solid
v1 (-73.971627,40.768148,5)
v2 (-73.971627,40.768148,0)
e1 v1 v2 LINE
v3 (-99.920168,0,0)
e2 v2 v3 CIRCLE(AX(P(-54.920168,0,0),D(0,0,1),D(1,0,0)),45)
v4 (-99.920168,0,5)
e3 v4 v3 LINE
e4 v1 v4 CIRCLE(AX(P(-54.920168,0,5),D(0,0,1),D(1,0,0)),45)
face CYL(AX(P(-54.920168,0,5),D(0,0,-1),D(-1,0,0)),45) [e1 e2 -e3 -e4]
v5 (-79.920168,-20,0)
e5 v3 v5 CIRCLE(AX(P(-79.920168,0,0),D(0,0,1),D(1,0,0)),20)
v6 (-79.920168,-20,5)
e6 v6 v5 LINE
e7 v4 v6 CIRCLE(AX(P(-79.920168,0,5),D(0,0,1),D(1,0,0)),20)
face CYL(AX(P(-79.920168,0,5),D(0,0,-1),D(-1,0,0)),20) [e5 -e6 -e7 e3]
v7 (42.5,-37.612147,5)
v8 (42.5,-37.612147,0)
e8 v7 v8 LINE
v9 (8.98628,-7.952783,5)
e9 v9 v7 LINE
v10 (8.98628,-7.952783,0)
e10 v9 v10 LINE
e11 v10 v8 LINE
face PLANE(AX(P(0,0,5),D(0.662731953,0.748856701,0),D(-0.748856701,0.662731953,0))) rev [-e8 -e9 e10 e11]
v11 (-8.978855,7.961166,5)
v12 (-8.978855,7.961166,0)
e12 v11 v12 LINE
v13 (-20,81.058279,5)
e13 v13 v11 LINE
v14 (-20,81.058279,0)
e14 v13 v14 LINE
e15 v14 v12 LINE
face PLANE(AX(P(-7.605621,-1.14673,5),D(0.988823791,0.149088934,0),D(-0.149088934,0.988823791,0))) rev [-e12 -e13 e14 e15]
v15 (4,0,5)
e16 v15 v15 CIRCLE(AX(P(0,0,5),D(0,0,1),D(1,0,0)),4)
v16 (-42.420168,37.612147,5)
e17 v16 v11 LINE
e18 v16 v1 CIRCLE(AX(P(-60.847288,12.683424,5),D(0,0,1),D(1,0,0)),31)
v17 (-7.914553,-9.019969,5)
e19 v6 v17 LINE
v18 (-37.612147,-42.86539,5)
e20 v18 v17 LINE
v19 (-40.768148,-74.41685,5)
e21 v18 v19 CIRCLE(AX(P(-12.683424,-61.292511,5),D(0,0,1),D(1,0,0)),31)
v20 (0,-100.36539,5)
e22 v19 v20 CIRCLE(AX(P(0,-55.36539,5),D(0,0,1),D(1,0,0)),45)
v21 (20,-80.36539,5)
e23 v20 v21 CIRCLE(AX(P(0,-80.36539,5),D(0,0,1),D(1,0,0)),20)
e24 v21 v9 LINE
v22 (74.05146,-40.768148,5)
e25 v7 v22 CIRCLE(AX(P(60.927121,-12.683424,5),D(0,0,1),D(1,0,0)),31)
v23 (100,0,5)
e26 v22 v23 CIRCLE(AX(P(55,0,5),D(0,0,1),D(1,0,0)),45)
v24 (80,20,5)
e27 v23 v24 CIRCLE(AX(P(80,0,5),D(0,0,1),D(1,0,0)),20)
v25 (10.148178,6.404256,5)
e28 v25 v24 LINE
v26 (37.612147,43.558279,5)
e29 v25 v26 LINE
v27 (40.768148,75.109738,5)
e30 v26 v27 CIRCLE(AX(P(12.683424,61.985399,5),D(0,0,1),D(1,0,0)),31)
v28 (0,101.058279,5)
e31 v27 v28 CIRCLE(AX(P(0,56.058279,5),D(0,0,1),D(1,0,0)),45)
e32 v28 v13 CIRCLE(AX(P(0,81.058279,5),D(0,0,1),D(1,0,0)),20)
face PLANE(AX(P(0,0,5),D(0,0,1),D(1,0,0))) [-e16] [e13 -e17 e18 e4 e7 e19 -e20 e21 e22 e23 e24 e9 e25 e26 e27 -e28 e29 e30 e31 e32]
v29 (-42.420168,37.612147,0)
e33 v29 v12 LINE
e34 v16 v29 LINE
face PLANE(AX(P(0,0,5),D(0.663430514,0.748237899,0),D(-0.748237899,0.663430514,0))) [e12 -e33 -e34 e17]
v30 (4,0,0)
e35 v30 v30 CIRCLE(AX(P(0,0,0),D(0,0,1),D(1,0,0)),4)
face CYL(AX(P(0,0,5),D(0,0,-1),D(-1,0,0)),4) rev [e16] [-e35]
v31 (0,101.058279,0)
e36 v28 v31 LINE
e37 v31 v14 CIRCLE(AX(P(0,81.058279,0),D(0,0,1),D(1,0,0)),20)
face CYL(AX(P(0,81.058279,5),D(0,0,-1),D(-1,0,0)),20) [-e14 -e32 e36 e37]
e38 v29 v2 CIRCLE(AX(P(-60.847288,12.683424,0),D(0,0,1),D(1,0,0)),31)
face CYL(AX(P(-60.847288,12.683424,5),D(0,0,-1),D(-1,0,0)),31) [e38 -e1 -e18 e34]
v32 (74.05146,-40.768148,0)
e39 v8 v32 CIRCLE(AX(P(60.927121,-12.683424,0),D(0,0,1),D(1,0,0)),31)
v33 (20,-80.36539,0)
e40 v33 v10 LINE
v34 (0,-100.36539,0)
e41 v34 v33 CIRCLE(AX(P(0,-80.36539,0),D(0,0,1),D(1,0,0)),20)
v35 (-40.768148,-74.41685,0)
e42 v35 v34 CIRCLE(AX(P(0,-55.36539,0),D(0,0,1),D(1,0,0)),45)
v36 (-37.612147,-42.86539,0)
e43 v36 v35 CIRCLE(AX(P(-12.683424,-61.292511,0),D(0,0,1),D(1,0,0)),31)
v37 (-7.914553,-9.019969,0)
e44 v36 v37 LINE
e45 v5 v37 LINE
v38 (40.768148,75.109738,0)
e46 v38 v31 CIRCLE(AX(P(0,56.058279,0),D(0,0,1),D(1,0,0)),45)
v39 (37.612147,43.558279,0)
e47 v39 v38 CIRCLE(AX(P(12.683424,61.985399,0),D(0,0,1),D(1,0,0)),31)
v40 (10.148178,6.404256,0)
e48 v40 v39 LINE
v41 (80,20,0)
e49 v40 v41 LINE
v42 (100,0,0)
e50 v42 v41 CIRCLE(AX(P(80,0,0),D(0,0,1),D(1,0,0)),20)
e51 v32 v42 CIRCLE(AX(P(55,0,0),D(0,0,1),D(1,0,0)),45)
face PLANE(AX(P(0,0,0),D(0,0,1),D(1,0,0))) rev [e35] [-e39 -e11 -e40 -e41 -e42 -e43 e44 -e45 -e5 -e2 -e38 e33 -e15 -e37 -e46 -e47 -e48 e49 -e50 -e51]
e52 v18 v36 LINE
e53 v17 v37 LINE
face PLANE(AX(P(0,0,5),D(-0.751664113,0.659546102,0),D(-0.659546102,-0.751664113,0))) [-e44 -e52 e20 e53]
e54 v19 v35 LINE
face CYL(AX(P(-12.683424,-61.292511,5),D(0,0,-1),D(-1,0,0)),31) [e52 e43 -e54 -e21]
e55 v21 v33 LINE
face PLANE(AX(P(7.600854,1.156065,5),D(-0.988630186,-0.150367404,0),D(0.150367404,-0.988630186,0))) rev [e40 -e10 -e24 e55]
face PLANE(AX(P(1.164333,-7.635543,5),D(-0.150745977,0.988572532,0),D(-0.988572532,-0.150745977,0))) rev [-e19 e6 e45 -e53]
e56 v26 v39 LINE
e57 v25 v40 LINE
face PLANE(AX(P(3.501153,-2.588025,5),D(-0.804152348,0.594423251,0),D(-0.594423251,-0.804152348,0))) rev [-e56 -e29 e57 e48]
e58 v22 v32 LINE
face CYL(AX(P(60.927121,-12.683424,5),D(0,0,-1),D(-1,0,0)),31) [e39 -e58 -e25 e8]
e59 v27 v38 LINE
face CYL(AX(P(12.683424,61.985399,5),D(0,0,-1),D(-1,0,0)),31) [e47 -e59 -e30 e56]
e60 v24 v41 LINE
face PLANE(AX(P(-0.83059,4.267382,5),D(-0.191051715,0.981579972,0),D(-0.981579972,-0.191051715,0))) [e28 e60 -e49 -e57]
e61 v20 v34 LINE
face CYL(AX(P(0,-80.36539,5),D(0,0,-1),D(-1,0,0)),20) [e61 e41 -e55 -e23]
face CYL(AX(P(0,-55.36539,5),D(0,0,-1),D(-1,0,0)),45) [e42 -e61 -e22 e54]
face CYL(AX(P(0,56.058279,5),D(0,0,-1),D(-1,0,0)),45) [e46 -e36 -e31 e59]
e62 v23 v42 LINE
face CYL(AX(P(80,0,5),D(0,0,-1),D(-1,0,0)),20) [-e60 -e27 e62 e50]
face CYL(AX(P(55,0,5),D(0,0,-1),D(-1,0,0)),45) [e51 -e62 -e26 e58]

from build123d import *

# Parameters (mm, degrees)
SKETCH2_R           = 12
SKETCH2_R_2         = 4
BOSS_EXTRUDE1_DEPTH = 5


with BuildPart() as part:
    # Sketch2 → Boss-Extrude1 (new body)
    # profile 1 of 5: a face of its own
    with BuildSketch(Plane.XY):
        with BuildLine():
            ThreePointArc((0, 101.058278507), (-14.142135624, 95.200414131), (-20, 81.058278507))
            Line((-20, 81.058278507), (-8.978854785, 7.961166168))
            ThreePointArc((-8.978854785, 7.961166168), (0.973561331, 11.96044223), (10.148177695, 6.404255575))
            Line((10.148177695, 6.404255575), (37.612146598, 43.558278507))
            ThreePointArc((37.612146598, 43.558278507), (43.529493891, 58.89995601), (40.768147941, 75.109738122))
            ThreePointArc((40.768147941, 75.109738122), (24.162825966, 94.020863263), (0, 101.058278507))
        make_face()
    # profile 2 of 5: a face of its own
    with BuildSketch(Plane.XY):
        with BuildLine():
            ThreePointArc((-7.914553223, -9.019969361), (-11.976499885, -0.750633402), (-8.978854785, 7.961166168))
            Line((-8.978854785, 7.961166168), (-42.420167513, 37.612146598))
            ThreePointArc((-42.420167513, 37.612146598), (-57.761845016, 43.529493891), (-73.971627128, 40.768147941))
            ThreePointArc((-73.971627128, 40.768147941), (-92.882752269, 24.162825966), (-99.920167513, 0))
            ThreePointArc((-99.920167513, 0), (-94.062303137, -14.142135624), (-79.920167513, -20))
            Line((-79.920167513, -20), (-7.914553223, -9.019969361))
        make_face()
    # profile 3 of 5: a face of its own
    with BuildSketch(Plane.XY):
        with BuildLine():
            Line((80, 20), (10.148177695, 6.404255575))
            ThreePointArc((10.148177695, 6.404255575), (11.527752, 3.333306741), (12, 0))
            ThreePointArc((12, 0), (11.221304846, -4.252330837), (8.986280409, -7.952783438))
            Line((8.986280409, -7.952783438), (42.5, -37.612146598))
            ThreePointArc((42.5, -37.612146598), (57.841677503, -43.529493891), (74.051459615, -40.768147941))
            ThreePointArc((74.051459615, -40.768147941), (92.962584756, -24.162825966), (100, 0))
            ThreePointArc((100, 0), (94.142135624, 14.142135624), (80, 20))
        make_face()
    # profile 4 of 5: a face of its own
    with BuildSketch(Plane.XY):
        with BuildLine():
            ThreePointArc((8.986280409, -7.952783438), (0.756221686, -11.976148327), (-7.914553223, -9.019969361))
            Line((-7.914553223, -9.019969361), (-37.612146598, -42.865389918))
            ThreePointArc((-37.612146598, -42.865389918), (-43.529493891, -58.207067421), (-40.768147941, -74.416849533))
            ThreePointArc((-40.768147941, -74.416849533), (-24.162825966, -93.327974674), (0, -100.365389918))
            ThreePointArc((0, -100.365389918), (14.142135624, -94.507525542), (20, -80.365389918))
            Line((20, -80.365389918), (8.986280409, -7.952783438))
        make_face()
    # profile 5 of 5: a face of its own
    with BuildSketch(Plane.XY):
        Circle(SKETCH2_R)
        Circle(SKETCH2_R_2, mode=Mode.SUBTRACT)
    extrude(amount=BOSS_EXTRUDE1_DEPTH)


solid = part.part
